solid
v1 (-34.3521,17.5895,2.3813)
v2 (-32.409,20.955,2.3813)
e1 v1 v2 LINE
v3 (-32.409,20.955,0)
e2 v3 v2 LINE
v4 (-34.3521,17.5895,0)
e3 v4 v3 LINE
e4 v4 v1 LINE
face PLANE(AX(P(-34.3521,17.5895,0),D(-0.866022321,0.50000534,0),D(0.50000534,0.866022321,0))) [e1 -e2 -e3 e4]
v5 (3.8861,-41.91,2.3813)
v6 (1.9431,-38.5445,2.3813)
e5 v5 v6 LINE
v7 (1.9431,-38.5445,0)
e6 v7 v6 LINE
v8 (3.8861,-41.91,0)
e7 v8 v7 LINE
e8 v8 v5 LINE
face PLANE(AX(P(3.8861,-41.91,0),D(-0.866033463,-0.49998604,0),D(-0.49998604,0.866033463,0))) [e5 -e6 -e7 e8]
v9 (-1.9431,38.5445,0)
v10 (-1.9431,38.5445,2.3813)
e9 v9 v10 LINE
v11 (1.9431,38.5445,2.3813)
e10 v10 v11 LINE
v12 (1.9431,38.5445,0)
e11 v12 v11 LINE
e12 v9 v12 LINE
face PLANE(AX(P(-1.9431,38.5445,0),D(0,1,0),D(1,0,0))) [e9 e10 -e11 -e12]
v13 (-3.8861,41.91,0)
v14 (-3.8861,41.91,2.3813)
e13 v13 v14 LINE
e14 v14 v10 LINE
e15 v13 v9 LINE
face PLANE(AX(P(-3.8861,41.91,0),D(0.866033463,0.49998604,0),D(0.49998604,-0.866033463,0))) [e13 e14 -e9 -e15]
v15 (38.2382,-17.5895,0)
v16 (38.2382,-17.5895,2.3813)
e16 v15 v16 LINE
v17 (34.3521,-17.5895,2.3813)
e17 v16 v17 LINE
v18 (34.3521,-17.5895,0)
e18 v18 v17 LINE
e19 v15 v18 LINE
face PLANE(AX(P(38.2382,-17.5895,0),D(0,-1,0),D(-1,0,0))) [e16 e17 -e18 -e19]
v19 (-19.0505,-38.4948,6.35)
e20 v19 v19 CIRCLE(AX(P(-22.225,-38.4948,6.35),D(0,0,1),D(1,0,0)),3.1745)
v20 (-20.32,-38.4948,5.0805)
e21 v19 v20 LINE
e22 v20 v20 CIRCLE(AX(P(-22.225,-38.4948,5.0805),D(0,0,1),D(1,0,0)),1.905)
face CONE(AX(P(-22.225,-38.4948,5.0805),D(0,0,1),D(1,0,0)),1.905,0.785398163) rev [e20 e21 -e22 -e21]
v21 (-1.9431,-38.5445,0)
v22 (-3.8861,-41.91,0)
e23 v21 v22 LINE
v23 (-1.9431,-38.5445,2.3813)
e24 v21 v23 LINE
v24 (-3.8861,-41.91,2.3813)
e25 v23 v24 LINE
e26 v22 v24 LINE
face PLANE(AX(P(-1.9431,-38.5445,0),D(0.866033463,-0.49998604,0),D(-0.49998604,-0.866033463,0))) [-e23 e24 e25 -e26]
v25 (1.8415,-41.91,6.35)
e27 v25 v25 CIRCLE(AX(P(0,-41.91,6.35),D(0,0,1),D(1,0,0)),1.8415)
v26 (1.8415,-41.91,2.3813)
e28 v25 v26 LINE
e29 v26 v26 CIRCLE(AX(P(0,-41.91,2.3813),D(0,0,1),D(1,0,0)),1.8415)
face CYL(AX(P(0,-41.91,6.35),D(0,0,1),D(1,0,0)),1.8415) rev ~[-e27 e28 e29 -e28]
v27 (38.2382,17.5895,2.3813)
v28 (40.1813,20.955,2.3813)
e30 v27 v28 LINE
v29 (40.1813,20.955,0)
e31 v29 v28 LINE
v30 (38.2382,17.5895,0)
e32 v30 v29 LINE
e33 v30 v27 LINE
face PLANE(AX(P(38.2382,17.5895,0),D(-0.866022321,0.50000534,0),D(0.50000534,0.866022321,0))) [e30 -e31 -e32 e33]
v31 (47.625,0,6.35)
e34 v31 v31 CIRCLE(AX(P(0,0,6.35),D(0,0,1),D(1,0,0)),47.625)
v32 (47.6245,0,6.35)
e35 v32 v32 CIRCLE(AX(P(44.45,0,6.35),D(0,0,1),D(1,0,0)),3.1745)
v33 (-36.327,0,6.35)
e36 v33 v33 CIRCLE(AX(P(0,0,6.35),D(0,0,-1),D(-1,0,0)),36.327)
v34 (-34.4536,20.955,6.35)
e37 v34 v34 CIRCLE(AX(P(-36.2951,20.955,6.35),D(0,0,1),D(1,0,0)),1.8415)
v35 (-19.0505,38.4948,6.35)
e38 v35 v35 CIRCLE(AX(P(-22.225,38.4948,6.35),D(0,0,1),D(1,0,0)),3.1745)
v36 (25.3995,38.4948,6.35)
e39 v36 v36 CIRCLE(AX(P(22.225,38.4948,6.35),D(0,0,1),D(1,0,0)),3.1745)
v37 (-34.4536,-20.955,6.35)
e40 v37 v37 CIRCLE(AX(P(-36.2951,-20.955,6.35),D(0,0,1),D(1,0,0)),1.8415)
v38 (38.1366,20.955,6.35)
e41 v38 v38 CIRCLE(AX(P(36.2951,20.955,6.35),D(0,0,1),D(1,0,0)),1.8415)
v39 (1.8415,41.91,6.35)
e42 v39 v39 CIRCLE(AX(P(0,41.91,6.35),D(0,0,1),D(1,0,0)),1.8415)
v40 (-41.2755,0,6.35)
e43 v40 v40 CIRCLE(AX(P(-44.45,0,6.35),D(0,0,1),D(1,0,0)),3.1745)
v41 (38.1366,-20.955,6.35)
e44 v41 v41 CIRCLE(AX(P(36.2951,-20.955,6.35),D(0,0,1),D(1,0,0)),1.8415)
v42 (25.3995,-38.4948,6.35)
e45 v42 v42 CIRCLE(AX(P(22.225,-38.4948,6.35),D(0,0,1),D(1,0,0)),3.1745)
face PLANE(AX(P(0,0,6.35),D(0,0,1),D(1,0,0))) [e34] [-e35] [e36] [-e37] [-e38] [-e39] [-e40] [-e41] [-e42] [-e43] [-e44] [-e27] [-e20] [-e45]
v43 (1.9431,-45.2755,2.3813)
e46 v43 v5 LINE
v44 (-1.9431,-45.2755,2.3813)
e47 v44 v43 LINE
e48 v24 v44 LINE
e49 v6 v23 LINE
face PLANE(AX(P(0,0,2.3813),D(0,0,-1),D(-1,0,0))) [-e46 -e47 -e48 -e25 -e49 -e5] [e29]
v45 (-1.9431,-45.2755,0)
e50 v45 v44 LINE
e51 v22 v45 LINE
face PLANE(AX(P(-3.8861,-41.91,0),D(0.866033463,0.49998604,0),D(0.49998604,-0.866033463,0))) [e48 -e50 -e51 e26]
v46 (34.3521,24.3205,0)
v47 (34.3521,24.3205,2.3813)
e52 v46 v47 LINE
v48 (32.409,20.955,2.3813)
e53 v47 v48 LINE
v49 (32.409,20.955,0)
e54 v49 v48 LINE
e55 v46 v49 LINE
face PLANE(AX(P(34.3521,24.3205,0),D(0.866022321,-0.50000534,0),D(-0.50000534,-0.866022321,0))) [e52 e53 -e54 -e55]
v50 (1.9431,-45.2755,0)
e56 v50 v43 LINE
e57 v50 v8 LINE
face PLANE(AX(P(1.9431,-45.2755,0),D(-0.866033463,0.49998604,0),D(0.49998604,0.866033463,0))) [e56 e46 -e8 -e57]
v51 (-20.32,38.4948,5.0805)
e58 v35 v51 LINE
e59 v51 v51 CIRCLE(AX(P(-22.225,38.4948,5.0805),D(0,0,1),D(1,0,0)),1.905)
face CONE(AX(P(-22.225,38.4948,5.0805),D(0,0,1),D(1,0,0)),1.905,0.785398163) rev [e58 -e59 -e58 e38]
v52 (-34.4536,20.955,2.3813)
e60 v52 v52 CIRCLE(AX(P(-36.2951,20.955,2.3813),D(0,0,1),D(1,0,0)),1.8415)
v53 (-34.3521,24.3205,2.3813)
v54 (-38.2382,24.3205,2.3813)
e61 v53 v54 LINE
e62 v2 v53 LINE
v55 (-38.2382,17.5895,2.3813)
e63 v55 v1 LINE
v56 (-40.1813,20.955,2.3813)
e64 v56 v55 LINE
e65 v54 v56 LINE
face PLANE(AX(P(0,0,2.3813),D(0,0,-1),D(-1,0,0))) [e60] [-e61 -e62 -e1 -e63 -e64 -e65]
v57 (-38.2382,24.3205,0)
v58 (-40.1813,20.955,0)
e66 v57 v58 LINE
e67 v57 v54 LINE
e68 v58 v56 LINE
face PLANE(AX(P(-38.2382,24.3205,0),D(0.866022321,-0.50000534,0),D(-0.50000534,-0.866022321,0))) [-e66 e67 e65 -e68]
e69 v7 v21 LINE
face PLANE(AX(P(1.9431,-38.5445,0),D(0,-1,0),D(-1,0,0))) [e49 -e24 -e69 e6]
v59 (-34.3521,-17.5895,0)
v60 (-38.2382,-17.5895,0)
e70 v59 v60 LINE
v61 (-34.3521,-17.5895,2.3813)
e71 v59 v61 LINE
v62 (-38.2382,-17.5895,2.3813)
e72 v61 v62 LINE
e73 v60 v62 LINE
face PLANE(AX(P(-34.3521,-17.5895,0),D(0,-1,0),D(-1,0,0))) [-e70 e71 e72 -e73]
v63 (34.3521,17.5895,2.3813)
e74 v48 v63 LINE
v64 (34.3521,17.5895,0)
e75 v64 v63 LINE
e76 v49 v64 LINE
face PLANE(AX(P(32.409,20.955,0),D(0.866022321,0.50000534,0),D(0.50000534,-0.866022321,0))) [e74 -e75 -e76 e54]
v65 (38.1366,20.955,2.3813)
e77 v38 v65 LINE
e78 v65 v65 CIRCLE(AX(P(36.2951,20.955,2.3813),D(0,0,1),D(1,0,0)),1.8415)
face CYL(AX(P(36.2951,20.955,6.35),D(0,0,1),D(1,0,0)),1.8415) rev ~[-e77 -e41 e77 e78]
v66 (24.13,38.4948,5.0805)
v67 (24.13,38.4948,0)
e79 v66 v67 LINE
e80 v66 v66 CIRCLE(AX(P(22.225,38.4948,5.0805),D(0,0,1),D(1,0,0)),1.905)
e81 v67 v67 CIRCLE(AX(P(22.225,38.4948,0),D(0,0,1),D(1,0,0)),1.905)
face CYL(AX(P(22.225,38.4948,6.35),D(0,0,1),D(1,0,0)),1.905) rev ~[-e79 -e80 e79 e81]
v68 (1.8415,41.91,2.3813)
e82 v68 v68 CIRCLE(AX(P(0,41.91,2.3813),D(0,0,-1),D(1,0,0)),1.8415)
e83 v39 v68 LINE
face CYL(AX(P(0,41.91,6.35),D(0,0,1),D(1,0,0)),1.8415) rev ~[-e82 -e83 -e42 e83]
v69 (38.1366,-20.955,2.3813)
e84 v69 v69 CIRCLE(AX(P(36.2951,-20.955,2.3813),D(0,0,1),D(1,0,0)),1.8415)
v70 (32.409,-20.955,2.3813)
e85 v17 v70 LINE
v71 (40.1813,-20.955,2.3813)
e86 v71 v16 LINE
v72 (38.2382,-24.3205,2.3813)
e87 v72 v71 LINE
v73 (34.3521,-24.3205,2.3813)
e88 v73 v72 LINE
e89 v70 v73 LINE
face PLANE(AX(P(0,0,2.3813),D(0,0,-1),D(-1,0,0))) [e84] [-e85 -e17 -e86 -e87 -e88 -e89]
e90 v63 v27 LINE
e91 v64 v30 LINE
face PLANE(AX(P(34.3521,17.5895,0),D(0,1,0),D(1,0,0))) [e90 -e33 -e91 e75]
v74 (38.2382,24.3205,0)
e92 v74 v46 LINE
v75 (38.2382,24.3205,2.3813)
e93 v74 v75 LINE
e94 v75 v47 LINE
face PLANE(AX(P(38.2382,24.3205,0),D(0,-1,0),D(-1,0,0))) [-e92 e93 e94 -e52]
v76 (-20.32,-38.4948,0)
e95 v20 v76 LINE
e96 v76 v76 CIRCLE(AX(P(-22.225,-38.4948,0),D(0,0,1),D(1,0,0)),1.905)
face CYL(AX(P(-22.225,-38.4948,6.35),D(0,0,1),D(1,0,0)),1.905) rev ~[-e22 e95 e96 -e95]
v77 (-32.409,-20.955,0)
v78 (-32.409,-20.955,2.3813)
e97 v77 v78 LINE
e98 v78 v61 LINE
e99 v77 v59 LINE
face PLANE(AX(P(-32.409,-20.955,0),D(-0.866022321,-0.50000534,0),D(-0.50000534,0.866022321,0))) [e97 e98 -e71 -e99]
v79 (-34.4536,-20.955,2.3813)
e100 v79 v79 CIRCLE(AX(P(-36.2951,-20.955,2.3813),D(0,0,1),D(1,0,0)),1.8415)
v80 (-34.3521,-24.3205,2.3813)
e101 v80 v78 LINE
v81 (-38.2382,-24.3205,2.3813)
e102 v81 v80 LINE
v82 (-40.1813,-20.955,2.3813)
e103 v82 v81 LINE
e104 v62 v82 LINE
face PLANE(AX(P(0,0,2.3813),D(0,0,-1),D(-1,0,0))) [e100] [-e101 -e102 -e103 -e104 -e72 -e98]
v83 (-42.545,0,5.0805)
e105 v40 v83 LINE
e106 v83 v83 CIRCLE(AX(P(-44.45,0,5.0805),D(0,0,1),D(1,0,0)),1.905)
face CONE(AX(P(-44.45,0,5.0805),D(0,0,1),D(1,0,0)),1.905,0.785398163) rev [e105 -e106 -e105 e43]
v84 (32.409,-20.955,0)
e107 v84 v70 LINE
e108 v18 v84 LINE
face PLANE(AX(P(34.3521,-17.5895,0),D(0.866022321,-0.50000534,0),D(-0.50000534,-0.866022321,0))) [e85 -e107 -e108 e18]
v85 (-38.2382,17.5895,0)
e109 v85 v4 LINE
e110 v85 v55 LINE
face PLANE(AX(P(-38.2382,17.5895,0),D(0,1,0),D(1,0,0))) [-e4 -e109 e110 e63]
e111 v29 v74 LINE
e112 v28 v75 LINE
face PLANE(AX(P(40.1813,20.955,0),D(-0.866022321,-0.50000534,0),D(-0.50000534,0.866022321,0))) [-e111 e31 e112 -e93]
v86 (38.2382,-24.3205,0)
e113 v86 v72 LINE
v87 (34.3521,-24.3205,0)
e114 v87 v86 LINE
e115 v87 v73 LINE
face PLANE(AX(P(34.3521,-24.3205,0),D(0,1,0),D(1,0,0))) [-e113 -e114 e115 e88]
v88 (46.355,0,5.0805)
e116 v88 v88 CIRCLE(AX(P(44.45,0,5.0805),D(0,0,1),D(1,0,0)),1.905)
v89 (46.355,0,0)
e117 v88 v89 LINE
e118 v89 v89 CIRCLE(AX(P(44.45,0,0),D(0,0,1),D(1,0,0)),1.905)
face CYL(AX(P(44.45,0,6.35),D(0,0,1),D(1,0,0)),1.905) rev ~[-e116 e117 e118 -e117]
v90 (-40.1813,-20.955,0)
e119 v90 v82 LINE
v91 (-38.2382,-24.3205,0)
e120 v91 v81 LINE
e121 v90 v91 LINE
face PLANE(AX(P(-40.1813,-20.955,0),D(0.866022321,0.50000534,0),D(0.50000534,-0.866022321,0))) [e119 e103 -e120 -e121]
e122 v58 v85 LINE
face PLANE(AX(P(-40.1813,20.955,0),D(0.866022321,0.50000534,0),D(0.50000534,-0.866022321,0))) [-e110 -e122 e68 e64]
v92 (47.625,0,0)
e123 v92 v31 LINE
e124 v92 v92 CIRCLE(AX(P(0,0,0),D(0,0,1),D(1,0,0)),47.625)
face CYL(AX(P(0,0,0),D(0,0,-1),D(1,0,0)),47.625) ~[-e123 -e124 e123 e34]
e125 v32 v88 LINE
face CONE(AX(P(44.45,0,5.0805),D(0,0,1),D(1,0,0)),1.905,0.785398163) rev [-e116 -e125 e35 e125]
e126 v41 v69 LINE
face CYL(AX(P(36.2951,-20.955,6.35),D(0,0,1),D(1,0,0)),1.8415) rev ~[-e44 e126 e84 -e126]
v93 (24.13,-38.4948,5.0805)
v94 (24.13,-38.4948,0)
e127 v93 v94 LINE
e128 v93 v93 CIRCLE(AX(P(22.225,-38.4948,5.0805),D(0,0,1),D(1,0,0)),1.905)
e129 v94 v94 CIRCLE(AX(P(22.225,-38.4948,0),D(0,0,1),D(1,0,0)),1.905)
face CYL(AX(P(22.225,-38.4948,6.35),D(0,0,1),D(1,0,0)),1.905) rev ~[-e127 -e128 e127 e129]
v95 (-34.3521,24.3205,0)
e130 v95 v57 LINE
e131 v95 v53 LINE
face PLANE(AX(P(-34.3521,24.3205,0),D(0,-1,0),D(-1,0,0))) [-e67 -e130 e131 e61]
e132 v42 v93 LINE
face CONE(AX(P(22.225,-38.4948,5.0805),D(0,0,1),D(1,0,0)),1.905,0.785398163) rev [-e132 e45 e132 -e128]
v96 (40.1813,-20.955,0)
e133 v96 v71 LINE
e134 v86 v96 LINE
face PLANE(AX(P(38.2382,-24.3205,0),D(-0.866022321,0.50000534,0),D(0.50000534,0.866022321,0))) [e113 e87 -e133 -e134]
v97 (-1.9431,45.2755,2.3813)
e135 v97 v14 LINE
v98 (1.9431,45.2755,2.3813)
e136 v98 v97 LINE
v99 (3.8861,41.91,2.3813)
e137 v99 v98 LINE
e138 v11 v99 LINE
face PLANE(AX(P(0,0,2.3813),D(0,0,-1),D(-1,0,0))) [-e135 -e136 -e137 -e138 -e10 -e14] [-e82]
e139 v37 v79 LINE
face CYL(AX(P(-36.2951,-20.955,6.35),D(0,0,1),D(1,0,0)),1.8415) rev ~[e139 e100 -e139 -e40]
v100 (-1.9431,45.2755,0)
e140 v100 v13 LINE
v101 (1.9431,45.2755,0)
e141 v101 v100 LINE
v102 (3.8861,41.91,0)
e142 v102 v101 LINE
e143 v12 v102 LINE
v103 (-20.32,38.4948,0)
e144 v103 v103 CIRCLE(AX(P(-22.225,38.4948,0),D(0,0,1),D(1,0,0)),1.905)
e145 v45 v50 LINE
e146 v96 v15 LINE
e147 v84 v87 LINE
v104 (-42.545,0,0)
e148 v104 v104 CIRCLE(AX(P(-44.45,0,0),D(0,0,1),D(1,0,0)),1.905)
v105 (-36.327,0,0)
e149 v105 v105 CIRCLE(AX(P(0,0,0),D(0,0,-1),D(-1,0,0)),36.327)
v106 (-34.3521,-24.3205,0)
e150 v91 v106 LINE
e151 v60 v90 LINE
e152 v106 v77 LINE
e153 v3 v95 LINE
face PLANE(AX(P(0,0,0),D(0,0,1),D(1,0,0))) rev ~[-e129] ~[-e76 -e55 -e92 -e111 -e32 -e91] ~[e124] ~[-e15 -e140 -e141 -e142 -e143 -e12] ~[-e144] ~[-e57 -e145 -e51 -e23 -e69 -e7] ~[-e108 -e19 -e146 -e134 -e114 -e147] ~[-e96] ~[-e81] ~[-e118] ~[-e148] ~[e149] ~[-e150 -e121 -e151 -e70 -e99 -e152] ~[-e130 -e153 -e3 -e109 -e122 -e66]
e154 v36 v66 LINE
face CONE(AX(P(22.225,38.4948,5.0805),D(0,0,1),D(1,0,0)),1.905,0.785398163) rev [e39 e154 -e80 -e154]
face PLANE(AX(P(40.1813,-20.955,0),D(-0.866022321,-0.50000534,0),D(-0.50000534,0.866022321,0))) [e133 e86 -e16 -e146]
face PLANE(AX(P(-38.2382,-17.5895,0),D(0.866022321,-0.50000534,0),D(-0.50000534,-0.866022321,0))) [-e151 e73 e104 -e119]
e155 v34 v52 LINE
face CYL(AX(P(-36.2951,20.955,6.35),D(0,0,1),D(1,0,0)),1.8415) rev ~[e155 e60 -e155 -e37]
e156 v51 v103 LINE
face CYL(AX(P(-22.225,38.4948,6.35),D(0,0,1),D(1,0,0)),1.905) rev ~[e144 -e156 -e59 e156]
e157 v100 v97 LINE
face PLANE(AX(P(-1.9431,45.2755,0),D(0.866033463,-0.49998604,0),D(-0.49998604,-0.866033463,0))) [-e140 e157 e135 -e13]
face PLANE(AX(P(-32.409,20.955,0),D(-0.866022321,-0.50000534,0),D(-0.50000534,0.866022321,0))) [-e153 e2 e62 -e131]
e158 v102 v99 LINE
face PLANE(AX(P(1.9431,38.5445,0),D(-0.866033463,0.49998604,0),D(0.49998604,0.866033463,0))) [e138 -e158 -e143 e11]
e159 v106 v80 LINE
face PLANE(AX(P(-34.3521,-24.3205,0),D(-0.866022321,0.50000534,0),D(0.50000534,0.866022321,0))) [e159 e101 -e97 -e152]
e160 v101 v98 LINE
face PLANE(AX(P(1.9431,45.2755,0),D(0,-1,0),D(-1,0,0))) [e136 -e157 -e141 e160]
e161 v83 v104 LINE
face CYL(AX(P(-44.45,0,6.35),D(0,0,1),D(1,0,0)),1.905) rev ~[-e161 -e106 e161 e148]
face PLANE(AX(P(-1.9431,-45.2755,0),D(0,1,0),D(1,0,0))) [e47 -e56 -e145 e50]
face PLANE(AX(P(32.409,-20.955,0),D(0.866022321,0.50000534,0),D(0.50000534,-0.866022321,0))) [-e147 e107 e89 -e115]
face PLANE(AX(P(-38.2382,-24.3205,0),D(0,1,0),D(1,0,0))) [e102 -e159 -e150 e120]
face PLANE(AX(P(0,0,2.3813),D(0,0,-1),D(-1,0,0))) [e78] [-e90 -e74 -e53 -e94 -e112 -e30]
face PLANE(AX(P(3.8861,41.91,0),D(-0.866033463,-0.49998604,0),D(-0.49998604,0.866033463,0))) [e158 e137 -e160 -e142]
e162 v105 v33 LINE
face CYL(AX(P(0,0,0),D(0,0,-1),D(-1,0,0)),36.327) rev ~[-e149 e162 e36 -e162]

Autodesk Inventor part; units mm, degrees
ref_plane "YZ Plane" through (0, 0, 0) normal (1, 0, 0) x (0, 1, 0)
ref_plane "XZ Plane" through (0, 0, 0) normal (0, 1, 0) x (-1, 0, 0)
ref_plane "XY Plane" through (0, 0, 0) normal (0, 0, 1) x (1, 0, 0)
sketch "Sketch1" plane through (0, 0, 0) normal (0, 0, 1) x (1, 0, 0)
  circle A0 centre (0, 0) radius 47.625
  dimension "d0" = 95.25
extrude "Extrusion1" add sketch "Sketch1" along normal blind 6.35
sketch "Sketch2" plane through (0, 0, 6.35) normal (0, 0, 1) x (1, 0, 0)
  circle A0 centre (0, 0) radius 25.4
  dimension "d3" = 50.8
extrude "Extrusion2" cut sketch "Sketch2" against normal blind 6.35
sketch "Sketch3" plane through (0, 0, 6.35) normal (0, 0, 1) x (1, 0, 0)
  line L0 (0, 0) -> (-44.45, 0)
  circle A0 centre (-44.45, 0) radius 1.905
  circle A1 centre (-22.225, -38.4948) radius 1.905
  circle A2 centre (22.225, -38.4948) radius 1.905
  circle A3 centre (44.45, 0) radius 1.905
  circle A4 centre (22.225, 38.4948) radius 1.905
  circle A5 centre (-22.225, 38.4948) radius 1.905
  dimension "d6" = 3.81
  dimension "d7" = 44.45
  dimension "d10" = 360
extrude "Extrusion3" cut sketch "Sketch3" against normal blind 6.35
chamfer "Chamfer1" distance 1.27 angle 45 6 edges at (-24.13, 38.4948, 6.35) (-46.355, 0, 6.35) (-24.13, -38.4948, 6.35) (20.32, 38.4948, 6.35) (42.545, 0, 6.35) (20.32, -38.4948, 6.35)
sketch "Sketch4" plane through (0, 0, 6.35) normal (0, 0, 1) x (1, 0, 0)
  circle A0 centre (0, 41.91) radius 1.8415
  circle A1 centre (-36.2951, 20.955) radius 1.8415
  circle A2 centre (-36.2951, -20.955) radius 1.8415
  circle A3 centre (0, -41.91) radius 1.8415
  circle A4 centre (36.2951, -20.955) radius 1.8415
  circle A5 centre (36.2951, 20.955) radius 1.8415
  point P0 (0, 0)
  dimension "d17" = 3.683
  dimension "d18" = 41.91
  dimension "d21" = 360
extrude "Extrusion4" cut sketch "Sketch4" against normal blind 25.4
sketch "Sketch5" plane through (0, 0, 0) normal (0, 0, -1) x (-1, 0, 0)
  circle A0 centre (0, 41.91) radius 1.8415 projected
  line L0 (-3.8861, 41.91) -> (-1.9431, 45.2755)
  line L1 (-1.9431, 45.2755) -> (1.9431, 45.2755)
  line L2 (1.9431, 45.2755) -> (3.8861, 41.91)
  line L3 (3.8861, 41.91) -> (1.9431, 38.5445)
  line L4 (1.9431, 38.5445) -> (-1.9431, 38.5445)
  line L5 (-1.9431, 38.5445) -> (-3.8861, 41.91)
  line L6 (-38.2382, 17.5895) -> (-40.1813, 20.955)
  line L7 (-40.1813, 20.955) -> (-38.2382, 24.3205)
  line L8 (-38.2382, 24.3205) -> (-34.3521, 24.3205)
  line L9 (-34.3521, 24.3205) -> (-32.409, 20.955)
  line L10 (-32.409, 20.955) -> (-34.3521, 17.5895)
  line L11 (-34.3521, 17.5895) -> (-38.2382, 17.5895)
  line L12 (-34.3521, -24.3205) -> (-38.2382, -24.3205)
  line L13 (-38.2382, -24.3205) -> (-40.1813, -20.955)
  line L14 (-40.1813, -20.955) -> (-38.2382, -17.5895)
  line L15 (-38.2382, -17.5895) -> (-34.3521, -17.5895)
  line L16 (-34.3521, -17.5895) -> (-32.409, -20.955)
  line L17 (-32.409, -20.955) -> (-34.3521, -24.3205)
  line L18 (3.8861, -41.91) -> (1.9431, -45.2755)
  line L19 (1.9431, -45.2755) -> (-1.9431, -45.2755)
  line L20 (-1.9431, -45.2755) -> (-3.8861, -41.91)
  line L21 (-3.8861, -41.91) -> (-1.9431, -38.5445)
  line L22 (-1.9431, -38.5445) -> (1.9431, -38.5445)
  line L23 (1.9431, -38.5445) -> (3.8861, -41.91)
  line L24 (38.2382, -17.5895) -> (40.1813, -20.955)
  line L25 (40.1813, -20.955) -> (38.2382, -24.3205)
  line L26 (38.2382, -24.3205) -> (34.3521, -24.3205)
  line L27 (34.3521, -24.3205) -> (32.409, -20.955)
  line L28 (32.409, -20.955) -> (34.3521, -17.5895)
  line L29 (34.3521, -17.5895) -> (38.2382, -17.5895)
  line L30 (34.3521, 24.3205) -> (38.2382, 24.3205)
  line L31 (38.2382, 24.3205) -> (40.1813, 20.955)
  line L32 (40.1813, 20.955) -> (38.2382, 17.5895)
  line L33 (38.2382, 17.5895) -> (34.3521, 17.5895)
  line L34 (34.3521, 17.5895) -> (32.409, 20.955)
  line L35 (32.409, 20.955) -> (34.3521, 24.3205)
  point P0 (0, 0)
  point P1 (-36.2951, 20.955)
  point P2 (-36.2951, -20.955)
  point P3 (0, -41.91)
  point P4 (36.2951, -20.955)
  point P5 (36.2951, 20.955)
  dimension "d25" = 6.731
  dimension "d28" = 360
extrude "Extrusion5" cut sketch "Sketch5" against normal blind 2.3813
sketch "Sketch6" plane through (0, 0, 6.35) normal (0, 0, 1) x (1, 0, 0)
  circle A0 centre (20.795, 25.8191) radius 3.175
  line L0 (0, 0) -> (0, 9.7848)
  circle A1 centre (-20.795, 25.8191) radius 3.175
  dimension "d32" = 6.35
  dimension "d33" = 20.795
  dimension "d34" = 25.8191
extrude "Extrusion6" cut sketch "Sketch6" against normal blind 25.4
sketch "Sketch7" plane through (0, 0, 0) normal (0, 0, -1) x (-1, 0, 0)
  circle A0 centre (-20.795, 25.8191) radius 3.175 projected
  circle A1 centre (20.795, 25.8191) radius 3.175 projected
  line L0 (32.409, 20.955) -> (34.3521, 24.3205) projected
  line L1 (34.3521, 24.3205) -> (38.2382, 24.3205) projected
  line L2 (38.2382, 24.3205) -> (40.1813, 20.955) projected
  line L3 (40.1813, 20.955) -> (38.2382, 17.5895) projected
  line L4 (38.2382, 17.5895) -> (34.3521, 17.5895) projected
  line L5 (34.3521, 17.5895) -> (32.409, 20.955) projected
  line L6 (1.9431, -38.5445) -> (3.8861, -41.91) projected
  line L7 (3.8861, -41.91) -> (1.9431, -45.2755) projected
  line L8 (1.9431, -45.2755) -> (-1.9431, -45.2755) projected
  line L9 (-1.9431, -45.2755) -> (-3.8861, -41.91) projected
  line L10 (-3.8861, -41.91) -> (-1.9431, -38.5445) projected
  line L11 (-1.9431, -38.5445) -> (1.9431, -38.5445) projected
  line L12 (-34.3521, 17.5895) -> (-38.2382, 17.5895) projected
  line L13 (-38.2382, 17.5895) -> (-40.1813, 20.955) projected
  line L14 (-40.1813, 20.955) -> (-38.2382, 24.3205) projected
  line L15 (-38.2382, 24.3205) -> (-34.3521, 24.3205) projected
  line L16 (-34.3521, 24.3205) -> (-32.409, 20.955) projected
  line L17 (-32.409, 20.955) -> (-34.3521, 17.5895) projected
  line L18 (-1.9431, 38.5445) -> (-3.8861, 41.91) projected
  line L19 (-3.8861, 41.91) -> (-1.9431, 45.2755) projected
  line L20 (-1.9431, 45.2755) -> (1.9431, 45.2755) projected
  line L21 (1.9431, 45.2755) -> (3.8861, 41.91) projected
  line L22 (3.8861, 41.91) -> (1.9431, 38.5445) projected
  line L23 (1.9431, 38.5445) -> (-1.9431, 38.5445) projected
  line L24 (-32.409, -20.955) -> (-34.3521, -24.3205) projected
  line L25 (-34.3521, -24.3205) -> (-38.2382, -24.3205) projected
  line L26 (-38.2382, -24.3205) -> (-40.1813, -20.955) projected
  line L27 (-40.1813, -20.955) -> (-38.2382, -17.5895) projected
  line L28 (-38.2382, -17.5895) -> (-34.3521, -17.5895) projected
  line L29 (-34.3521, -17.5895) -> (-32.409, -20.955) projected
  line L30 (34.3521, -17.5895) -> (38.2382, -17.5895) projected
  line L31 (38.2382, -17.5895) -> (40.1813, -20.955) projected
  line L32 (40.1813, -20.955) -> (38.2382, -24.3205) projected
  line L33 (38.2382, -24.3205) -> (34.3521, -24.3205) projected
  line L34 (34.3521, -24.3205) -> (32.409, -20.955) projected
  line L35 (32.409, -20.955) -> (34.3521, -17.5895) projected
  circle A2 centre (-22.225, 38.4948) radius 1.905 projected
  circle A3 centre (-22.225, -38.4948) radius 1.905 projected
  circle A4 centre (44.45, 0) radius 1.905 projected
  circle A5 centre (22.225, -38.4948) radius 1.905 projected
  circle A6 centre (-44.45, 0) radius 1.905 projected
  circle A7 centre (22.225, 38.4948) radius 1.905 projected
  circle A8 centre (0, 0) radius 25.4 projected
  circle A9 centre (0, 0) radius 47.625 projected
  circle A10 centre (0, 0) radius 36.327
extrude "Extrusion7" cut sketch "Sketch7" against normal blind 25.4 contours A10
sketch "Sketch8" plane through (0, 0, 6.35) normal (0, 0, 1) x (1, 0, 0)
  circle A0 centre (0, 0) radius 47.117
  circle A1 centre (0, 0) radius 47.625
  dimension "d39" = 94.234
  dimension "d40" = 95.25
extrude "PRINT_FEATURE1" [suppressed]
properties part number "aftSectionAirtightCap" material "ABS Plastic"
